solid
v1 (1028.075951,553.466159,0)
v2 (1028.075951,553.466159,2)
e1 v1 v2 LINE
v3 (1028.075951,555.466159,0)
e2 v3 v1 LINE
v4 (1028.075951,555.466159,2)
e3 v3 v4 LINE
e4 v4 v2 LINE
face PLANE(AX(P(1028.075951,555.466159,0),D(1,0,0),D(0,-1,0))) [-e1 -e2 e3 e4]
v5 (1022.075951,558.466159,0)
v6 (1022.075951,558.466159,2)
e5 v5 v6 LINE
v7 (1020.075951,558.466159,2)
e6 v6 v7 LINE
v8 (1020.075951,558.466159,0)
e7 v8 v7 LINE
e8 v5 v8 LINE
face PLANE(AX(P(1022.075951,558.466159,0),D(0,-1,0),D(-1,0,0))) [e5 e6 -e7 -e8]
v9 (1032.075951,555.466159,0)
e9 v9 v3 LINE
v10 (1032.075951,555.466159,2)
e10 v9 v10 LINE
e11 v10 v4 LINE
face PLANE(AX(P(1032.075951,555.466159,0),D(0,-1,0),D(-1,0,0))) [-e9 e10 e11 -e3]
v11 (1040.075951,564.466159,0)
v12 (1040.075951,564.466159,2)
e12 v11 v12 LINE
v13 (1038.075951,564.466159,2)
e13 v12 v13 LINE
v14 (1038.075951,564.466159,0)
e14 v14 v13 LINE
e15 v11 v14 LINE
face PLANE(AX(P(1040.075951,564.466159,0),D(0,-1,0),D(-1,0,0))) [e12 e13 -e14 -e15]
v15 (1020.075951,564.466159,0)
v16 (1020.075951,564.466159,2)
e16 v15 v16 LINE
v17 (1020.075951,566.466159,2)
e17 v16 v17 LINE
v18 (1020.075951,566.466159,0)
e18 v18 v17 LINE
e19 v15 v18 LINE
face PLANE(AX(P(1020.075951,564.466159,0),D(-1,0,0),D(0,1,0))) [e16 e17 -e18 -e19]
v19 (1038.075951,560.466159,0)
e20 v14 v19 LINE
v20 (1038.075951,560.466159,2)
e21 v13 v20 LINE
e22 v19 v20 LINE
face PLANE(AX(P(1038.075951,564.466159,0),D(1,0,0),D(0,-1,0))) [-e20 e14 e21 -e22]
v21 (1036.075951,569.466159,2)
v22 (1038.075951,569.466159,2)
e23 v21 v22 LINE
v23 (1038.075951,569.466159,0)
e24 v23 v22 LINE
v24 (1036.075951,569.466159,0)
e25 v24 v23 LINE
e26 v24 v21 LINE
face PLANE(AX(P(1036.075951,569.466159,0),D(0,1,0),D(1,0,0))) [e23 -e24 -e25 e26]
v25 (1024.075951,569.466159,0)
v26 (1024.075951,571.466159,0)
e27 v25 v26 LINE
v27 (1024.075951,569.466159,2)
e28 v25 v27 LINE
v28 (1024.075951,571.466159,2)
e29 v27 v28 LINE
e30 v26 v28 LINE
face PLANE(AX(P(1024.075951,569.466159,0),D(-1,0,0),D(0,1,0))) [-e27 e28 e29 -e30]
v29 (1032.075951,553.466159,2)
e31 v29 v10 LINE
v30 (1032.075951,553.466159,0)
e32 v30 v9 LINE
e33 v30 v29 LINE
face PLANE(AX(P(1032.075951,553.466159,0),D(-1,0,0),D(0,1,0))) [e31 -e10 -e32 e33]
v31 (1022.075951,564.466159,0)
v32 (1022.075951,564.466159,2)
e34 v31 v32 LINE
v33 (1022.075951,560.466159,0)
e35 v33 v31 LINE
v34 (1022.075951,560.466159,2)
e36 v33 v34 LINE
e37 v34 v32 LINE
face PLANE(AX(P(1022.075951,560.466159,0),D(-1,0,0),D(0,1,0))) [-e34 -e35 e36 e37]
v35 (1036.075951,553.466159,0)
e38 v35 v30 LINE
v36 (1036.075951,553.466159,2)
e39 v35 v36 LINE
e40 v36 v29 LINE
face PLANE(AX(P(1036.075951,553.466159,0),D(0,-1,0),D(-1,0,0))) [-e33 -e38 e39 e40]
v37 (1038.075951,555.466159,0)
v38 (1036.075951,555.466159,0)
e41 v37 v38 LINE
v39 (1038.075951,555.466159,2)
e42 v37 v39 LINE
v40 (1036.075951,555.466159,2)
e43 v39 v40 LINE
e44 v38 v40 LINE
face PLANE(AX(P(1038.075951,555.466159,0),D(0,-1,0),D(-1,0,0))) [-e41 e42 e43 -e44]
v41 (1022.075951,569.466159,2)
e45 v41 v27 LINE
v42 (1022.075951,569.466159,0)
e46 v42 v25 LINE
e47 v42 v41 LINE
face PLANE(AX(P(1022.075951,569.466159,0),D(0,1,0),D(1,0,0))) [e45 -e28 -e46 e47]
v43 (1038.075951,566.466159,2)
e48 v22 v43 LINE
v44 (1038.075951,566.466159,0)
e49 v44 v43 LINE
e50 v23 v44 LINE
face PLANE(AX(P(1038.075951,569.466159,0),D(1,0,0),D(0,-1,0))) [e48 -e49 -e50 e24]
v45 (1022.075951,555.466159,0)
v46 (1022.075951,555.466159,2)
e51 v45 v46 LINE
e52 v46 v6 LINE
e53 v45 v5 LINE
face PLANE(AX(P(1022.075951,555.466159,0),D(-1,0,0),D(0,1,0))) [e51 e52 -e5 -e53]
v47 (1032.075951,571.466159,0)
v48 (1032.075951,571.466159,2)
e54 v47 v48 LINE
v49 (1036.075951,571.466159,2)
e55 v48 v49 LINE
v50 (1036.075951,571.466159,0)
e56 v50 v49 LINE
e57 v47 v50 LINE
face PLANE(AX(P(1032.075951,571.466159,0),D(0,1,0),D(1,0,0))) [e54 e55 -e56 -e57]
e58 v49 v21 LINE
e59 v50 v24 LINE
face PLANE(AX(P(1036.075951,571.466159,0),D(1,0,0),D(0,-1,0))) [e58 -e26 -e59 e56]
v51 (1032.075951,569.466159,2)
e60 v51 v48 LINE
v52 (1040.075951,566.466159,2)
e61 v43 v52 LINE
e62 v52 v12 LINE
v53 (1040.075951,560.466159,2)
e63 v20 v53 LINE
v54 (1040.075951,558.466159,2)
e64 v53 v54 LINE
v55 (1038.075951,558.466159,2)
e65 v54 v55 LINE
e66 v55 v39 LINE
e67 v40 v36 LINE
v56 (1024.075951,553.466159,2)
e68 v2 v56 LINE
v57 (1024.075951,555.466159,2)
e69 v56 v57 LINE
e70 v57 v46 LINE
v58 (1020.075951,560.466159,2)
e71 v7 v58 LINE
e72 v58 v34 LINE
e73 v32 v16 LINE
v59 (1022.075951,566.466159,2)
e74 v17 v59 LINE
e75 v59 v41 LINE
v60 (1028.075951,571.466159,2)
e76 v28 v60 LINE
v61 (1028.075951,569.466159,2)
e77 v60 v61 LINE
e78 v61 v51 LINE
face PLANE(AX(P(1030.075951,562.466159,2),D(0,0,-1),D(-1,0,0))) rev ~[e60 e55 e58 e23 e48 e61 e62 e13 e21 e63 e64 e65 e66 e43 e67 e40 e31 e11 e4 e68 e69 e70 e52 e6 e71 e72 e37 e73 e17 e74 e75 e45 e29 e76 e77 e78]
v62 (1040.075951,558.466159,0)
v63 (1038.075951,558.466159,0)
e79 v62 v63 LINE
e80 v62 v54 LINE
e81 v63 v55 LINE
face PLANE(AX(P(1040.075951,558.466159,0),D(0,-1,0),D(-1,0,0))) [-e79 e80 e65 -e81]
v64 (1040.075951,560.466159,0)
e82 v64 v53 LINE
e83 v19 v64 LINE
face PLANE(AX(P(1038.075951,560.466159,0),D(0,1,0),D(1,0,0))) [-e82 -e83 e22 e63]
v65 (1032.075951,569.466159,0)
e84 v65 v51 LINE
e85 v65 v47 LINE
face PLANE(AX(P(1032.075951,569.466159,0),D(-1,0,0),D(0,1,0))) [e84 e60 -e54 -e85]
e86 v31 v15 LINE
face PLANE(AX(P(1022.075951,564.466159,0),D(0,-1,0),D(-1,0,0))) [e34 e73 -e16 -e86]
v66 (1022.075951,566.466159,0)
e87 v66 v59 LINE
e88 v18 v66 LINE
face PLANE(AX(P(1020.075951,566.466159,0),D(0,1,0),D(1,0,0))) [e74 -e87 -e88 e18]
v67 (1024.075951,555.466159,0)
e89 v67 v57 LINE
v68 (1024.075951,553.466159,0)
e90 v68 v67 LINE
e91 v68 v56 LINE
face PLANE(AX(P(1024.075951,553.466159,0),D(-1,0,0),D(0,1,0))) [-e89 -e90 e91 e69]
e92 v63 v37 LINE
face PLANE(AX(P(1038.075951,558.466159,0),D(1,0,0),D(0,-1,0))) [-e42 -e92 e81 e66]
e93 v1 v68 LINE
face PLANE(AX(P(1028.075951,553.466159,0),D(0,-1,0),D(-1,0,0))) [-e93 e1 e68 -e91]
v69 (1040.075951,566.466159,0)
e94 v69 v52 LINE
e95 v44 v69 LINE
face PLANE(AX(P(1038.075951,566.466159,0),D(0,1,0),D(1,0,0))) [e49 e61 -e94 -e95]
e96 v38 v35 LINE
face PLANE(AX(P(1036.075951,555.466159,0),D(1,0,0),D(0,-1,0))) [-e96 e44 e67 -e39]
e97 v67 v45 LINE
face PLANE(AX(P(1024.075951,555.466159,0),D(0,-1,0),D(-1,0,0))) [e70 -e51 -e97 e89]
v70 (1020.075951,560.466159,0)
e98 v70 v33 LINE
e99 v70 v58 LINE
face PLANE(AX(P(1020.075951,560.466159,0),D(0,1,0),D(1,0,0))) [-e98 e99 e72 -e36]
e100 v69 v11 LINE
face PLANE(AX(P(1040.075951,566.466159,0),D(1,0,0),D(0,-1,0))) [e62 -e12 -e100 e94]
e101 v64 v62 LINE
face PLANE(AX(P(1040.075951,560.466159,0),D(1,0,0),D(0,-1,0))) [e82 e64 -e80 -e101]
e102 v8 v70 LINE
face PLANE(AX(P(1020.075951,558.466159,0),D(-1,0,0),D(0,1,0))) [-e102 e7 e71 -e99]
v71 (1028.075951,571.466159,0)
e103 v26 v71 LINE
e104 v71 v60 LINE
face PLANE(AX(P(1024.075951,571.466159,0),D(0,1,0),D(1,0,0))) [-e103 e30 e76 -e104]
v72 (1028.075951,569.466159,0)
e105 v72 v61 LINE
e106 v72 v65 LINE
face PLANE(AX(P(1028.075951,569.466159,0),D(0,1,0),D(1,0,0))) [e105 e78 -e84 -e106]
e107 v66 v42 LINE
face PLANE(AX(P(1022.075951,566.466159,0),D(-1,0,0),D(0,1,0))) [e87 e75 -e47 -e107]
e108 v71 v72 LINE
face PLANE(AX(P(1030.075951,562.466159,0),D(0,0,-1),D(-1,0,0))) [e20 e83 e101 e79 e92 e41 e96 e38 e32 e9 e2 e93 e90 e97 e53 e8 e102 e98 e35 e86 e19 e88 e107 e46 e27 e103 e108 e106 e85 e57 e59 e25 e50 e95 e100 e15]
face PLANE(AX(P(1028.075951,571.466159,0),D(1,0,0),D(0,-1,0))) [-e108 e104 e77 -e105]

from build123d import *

# Parameters (mm, degrees)
EXTRUDE_1_DEPTH = 2


with BuildPart() as part:
    # Model → 凸台-拉伸1 (new body)
    with BuildSketch(Plane.XY):
        Polygon((1022.075950507, 566.466158611), (1022.075950507, 569.466158611), (1024.075950507, 569.466158611), (1024.075950507, 571.466158611), (1028.075950507, 571.466158611), (1028.075950507, 569.466158611), (1032.075950507, 569.466158611), (1032.075950507, 571.466158611), (1036.075950507, 571.466158611), (1036.075950507, 569.466158611), (1038.075950507, 569.466158611), (1038.075950507, 566.466158611), (1040.075950507, 566.466158611), (1040.075950507, 564.466158611), (1038.075950507, 564.466158611), (1038.075950507, 560.466158611), (1040.075950507, 560.466158611), (1040.075950507, 558.466158611), (1038.075950507, 558.466158611), (1038.075950507, 555.466158611), (1036.075950507, 555.466158611), (1036.075950507, 553.466158611), (1032.075950507, 553.466158611), (1032.075950507, 555.466158611), (1028.075950507, 555.466158611), (1028.075950507, 553.466158611), (1024.075950507, 553.466158611), (1024.075950507, 555.466158611), (1022.075950507, 555.466158611), (1022.075950507, 558.466158611), (1020.075950507, 558.466158611), (1020.075950507, 560.466158611), (1022.075950507, 560.466158611), (1022.075950507, 564.466158611), (1020.075950507, 564.466158611), (1020.075950507, 566.466158611), align=None)
    extrude(amount=EXTRUDE_1_DEPTH)


solid = part.part
